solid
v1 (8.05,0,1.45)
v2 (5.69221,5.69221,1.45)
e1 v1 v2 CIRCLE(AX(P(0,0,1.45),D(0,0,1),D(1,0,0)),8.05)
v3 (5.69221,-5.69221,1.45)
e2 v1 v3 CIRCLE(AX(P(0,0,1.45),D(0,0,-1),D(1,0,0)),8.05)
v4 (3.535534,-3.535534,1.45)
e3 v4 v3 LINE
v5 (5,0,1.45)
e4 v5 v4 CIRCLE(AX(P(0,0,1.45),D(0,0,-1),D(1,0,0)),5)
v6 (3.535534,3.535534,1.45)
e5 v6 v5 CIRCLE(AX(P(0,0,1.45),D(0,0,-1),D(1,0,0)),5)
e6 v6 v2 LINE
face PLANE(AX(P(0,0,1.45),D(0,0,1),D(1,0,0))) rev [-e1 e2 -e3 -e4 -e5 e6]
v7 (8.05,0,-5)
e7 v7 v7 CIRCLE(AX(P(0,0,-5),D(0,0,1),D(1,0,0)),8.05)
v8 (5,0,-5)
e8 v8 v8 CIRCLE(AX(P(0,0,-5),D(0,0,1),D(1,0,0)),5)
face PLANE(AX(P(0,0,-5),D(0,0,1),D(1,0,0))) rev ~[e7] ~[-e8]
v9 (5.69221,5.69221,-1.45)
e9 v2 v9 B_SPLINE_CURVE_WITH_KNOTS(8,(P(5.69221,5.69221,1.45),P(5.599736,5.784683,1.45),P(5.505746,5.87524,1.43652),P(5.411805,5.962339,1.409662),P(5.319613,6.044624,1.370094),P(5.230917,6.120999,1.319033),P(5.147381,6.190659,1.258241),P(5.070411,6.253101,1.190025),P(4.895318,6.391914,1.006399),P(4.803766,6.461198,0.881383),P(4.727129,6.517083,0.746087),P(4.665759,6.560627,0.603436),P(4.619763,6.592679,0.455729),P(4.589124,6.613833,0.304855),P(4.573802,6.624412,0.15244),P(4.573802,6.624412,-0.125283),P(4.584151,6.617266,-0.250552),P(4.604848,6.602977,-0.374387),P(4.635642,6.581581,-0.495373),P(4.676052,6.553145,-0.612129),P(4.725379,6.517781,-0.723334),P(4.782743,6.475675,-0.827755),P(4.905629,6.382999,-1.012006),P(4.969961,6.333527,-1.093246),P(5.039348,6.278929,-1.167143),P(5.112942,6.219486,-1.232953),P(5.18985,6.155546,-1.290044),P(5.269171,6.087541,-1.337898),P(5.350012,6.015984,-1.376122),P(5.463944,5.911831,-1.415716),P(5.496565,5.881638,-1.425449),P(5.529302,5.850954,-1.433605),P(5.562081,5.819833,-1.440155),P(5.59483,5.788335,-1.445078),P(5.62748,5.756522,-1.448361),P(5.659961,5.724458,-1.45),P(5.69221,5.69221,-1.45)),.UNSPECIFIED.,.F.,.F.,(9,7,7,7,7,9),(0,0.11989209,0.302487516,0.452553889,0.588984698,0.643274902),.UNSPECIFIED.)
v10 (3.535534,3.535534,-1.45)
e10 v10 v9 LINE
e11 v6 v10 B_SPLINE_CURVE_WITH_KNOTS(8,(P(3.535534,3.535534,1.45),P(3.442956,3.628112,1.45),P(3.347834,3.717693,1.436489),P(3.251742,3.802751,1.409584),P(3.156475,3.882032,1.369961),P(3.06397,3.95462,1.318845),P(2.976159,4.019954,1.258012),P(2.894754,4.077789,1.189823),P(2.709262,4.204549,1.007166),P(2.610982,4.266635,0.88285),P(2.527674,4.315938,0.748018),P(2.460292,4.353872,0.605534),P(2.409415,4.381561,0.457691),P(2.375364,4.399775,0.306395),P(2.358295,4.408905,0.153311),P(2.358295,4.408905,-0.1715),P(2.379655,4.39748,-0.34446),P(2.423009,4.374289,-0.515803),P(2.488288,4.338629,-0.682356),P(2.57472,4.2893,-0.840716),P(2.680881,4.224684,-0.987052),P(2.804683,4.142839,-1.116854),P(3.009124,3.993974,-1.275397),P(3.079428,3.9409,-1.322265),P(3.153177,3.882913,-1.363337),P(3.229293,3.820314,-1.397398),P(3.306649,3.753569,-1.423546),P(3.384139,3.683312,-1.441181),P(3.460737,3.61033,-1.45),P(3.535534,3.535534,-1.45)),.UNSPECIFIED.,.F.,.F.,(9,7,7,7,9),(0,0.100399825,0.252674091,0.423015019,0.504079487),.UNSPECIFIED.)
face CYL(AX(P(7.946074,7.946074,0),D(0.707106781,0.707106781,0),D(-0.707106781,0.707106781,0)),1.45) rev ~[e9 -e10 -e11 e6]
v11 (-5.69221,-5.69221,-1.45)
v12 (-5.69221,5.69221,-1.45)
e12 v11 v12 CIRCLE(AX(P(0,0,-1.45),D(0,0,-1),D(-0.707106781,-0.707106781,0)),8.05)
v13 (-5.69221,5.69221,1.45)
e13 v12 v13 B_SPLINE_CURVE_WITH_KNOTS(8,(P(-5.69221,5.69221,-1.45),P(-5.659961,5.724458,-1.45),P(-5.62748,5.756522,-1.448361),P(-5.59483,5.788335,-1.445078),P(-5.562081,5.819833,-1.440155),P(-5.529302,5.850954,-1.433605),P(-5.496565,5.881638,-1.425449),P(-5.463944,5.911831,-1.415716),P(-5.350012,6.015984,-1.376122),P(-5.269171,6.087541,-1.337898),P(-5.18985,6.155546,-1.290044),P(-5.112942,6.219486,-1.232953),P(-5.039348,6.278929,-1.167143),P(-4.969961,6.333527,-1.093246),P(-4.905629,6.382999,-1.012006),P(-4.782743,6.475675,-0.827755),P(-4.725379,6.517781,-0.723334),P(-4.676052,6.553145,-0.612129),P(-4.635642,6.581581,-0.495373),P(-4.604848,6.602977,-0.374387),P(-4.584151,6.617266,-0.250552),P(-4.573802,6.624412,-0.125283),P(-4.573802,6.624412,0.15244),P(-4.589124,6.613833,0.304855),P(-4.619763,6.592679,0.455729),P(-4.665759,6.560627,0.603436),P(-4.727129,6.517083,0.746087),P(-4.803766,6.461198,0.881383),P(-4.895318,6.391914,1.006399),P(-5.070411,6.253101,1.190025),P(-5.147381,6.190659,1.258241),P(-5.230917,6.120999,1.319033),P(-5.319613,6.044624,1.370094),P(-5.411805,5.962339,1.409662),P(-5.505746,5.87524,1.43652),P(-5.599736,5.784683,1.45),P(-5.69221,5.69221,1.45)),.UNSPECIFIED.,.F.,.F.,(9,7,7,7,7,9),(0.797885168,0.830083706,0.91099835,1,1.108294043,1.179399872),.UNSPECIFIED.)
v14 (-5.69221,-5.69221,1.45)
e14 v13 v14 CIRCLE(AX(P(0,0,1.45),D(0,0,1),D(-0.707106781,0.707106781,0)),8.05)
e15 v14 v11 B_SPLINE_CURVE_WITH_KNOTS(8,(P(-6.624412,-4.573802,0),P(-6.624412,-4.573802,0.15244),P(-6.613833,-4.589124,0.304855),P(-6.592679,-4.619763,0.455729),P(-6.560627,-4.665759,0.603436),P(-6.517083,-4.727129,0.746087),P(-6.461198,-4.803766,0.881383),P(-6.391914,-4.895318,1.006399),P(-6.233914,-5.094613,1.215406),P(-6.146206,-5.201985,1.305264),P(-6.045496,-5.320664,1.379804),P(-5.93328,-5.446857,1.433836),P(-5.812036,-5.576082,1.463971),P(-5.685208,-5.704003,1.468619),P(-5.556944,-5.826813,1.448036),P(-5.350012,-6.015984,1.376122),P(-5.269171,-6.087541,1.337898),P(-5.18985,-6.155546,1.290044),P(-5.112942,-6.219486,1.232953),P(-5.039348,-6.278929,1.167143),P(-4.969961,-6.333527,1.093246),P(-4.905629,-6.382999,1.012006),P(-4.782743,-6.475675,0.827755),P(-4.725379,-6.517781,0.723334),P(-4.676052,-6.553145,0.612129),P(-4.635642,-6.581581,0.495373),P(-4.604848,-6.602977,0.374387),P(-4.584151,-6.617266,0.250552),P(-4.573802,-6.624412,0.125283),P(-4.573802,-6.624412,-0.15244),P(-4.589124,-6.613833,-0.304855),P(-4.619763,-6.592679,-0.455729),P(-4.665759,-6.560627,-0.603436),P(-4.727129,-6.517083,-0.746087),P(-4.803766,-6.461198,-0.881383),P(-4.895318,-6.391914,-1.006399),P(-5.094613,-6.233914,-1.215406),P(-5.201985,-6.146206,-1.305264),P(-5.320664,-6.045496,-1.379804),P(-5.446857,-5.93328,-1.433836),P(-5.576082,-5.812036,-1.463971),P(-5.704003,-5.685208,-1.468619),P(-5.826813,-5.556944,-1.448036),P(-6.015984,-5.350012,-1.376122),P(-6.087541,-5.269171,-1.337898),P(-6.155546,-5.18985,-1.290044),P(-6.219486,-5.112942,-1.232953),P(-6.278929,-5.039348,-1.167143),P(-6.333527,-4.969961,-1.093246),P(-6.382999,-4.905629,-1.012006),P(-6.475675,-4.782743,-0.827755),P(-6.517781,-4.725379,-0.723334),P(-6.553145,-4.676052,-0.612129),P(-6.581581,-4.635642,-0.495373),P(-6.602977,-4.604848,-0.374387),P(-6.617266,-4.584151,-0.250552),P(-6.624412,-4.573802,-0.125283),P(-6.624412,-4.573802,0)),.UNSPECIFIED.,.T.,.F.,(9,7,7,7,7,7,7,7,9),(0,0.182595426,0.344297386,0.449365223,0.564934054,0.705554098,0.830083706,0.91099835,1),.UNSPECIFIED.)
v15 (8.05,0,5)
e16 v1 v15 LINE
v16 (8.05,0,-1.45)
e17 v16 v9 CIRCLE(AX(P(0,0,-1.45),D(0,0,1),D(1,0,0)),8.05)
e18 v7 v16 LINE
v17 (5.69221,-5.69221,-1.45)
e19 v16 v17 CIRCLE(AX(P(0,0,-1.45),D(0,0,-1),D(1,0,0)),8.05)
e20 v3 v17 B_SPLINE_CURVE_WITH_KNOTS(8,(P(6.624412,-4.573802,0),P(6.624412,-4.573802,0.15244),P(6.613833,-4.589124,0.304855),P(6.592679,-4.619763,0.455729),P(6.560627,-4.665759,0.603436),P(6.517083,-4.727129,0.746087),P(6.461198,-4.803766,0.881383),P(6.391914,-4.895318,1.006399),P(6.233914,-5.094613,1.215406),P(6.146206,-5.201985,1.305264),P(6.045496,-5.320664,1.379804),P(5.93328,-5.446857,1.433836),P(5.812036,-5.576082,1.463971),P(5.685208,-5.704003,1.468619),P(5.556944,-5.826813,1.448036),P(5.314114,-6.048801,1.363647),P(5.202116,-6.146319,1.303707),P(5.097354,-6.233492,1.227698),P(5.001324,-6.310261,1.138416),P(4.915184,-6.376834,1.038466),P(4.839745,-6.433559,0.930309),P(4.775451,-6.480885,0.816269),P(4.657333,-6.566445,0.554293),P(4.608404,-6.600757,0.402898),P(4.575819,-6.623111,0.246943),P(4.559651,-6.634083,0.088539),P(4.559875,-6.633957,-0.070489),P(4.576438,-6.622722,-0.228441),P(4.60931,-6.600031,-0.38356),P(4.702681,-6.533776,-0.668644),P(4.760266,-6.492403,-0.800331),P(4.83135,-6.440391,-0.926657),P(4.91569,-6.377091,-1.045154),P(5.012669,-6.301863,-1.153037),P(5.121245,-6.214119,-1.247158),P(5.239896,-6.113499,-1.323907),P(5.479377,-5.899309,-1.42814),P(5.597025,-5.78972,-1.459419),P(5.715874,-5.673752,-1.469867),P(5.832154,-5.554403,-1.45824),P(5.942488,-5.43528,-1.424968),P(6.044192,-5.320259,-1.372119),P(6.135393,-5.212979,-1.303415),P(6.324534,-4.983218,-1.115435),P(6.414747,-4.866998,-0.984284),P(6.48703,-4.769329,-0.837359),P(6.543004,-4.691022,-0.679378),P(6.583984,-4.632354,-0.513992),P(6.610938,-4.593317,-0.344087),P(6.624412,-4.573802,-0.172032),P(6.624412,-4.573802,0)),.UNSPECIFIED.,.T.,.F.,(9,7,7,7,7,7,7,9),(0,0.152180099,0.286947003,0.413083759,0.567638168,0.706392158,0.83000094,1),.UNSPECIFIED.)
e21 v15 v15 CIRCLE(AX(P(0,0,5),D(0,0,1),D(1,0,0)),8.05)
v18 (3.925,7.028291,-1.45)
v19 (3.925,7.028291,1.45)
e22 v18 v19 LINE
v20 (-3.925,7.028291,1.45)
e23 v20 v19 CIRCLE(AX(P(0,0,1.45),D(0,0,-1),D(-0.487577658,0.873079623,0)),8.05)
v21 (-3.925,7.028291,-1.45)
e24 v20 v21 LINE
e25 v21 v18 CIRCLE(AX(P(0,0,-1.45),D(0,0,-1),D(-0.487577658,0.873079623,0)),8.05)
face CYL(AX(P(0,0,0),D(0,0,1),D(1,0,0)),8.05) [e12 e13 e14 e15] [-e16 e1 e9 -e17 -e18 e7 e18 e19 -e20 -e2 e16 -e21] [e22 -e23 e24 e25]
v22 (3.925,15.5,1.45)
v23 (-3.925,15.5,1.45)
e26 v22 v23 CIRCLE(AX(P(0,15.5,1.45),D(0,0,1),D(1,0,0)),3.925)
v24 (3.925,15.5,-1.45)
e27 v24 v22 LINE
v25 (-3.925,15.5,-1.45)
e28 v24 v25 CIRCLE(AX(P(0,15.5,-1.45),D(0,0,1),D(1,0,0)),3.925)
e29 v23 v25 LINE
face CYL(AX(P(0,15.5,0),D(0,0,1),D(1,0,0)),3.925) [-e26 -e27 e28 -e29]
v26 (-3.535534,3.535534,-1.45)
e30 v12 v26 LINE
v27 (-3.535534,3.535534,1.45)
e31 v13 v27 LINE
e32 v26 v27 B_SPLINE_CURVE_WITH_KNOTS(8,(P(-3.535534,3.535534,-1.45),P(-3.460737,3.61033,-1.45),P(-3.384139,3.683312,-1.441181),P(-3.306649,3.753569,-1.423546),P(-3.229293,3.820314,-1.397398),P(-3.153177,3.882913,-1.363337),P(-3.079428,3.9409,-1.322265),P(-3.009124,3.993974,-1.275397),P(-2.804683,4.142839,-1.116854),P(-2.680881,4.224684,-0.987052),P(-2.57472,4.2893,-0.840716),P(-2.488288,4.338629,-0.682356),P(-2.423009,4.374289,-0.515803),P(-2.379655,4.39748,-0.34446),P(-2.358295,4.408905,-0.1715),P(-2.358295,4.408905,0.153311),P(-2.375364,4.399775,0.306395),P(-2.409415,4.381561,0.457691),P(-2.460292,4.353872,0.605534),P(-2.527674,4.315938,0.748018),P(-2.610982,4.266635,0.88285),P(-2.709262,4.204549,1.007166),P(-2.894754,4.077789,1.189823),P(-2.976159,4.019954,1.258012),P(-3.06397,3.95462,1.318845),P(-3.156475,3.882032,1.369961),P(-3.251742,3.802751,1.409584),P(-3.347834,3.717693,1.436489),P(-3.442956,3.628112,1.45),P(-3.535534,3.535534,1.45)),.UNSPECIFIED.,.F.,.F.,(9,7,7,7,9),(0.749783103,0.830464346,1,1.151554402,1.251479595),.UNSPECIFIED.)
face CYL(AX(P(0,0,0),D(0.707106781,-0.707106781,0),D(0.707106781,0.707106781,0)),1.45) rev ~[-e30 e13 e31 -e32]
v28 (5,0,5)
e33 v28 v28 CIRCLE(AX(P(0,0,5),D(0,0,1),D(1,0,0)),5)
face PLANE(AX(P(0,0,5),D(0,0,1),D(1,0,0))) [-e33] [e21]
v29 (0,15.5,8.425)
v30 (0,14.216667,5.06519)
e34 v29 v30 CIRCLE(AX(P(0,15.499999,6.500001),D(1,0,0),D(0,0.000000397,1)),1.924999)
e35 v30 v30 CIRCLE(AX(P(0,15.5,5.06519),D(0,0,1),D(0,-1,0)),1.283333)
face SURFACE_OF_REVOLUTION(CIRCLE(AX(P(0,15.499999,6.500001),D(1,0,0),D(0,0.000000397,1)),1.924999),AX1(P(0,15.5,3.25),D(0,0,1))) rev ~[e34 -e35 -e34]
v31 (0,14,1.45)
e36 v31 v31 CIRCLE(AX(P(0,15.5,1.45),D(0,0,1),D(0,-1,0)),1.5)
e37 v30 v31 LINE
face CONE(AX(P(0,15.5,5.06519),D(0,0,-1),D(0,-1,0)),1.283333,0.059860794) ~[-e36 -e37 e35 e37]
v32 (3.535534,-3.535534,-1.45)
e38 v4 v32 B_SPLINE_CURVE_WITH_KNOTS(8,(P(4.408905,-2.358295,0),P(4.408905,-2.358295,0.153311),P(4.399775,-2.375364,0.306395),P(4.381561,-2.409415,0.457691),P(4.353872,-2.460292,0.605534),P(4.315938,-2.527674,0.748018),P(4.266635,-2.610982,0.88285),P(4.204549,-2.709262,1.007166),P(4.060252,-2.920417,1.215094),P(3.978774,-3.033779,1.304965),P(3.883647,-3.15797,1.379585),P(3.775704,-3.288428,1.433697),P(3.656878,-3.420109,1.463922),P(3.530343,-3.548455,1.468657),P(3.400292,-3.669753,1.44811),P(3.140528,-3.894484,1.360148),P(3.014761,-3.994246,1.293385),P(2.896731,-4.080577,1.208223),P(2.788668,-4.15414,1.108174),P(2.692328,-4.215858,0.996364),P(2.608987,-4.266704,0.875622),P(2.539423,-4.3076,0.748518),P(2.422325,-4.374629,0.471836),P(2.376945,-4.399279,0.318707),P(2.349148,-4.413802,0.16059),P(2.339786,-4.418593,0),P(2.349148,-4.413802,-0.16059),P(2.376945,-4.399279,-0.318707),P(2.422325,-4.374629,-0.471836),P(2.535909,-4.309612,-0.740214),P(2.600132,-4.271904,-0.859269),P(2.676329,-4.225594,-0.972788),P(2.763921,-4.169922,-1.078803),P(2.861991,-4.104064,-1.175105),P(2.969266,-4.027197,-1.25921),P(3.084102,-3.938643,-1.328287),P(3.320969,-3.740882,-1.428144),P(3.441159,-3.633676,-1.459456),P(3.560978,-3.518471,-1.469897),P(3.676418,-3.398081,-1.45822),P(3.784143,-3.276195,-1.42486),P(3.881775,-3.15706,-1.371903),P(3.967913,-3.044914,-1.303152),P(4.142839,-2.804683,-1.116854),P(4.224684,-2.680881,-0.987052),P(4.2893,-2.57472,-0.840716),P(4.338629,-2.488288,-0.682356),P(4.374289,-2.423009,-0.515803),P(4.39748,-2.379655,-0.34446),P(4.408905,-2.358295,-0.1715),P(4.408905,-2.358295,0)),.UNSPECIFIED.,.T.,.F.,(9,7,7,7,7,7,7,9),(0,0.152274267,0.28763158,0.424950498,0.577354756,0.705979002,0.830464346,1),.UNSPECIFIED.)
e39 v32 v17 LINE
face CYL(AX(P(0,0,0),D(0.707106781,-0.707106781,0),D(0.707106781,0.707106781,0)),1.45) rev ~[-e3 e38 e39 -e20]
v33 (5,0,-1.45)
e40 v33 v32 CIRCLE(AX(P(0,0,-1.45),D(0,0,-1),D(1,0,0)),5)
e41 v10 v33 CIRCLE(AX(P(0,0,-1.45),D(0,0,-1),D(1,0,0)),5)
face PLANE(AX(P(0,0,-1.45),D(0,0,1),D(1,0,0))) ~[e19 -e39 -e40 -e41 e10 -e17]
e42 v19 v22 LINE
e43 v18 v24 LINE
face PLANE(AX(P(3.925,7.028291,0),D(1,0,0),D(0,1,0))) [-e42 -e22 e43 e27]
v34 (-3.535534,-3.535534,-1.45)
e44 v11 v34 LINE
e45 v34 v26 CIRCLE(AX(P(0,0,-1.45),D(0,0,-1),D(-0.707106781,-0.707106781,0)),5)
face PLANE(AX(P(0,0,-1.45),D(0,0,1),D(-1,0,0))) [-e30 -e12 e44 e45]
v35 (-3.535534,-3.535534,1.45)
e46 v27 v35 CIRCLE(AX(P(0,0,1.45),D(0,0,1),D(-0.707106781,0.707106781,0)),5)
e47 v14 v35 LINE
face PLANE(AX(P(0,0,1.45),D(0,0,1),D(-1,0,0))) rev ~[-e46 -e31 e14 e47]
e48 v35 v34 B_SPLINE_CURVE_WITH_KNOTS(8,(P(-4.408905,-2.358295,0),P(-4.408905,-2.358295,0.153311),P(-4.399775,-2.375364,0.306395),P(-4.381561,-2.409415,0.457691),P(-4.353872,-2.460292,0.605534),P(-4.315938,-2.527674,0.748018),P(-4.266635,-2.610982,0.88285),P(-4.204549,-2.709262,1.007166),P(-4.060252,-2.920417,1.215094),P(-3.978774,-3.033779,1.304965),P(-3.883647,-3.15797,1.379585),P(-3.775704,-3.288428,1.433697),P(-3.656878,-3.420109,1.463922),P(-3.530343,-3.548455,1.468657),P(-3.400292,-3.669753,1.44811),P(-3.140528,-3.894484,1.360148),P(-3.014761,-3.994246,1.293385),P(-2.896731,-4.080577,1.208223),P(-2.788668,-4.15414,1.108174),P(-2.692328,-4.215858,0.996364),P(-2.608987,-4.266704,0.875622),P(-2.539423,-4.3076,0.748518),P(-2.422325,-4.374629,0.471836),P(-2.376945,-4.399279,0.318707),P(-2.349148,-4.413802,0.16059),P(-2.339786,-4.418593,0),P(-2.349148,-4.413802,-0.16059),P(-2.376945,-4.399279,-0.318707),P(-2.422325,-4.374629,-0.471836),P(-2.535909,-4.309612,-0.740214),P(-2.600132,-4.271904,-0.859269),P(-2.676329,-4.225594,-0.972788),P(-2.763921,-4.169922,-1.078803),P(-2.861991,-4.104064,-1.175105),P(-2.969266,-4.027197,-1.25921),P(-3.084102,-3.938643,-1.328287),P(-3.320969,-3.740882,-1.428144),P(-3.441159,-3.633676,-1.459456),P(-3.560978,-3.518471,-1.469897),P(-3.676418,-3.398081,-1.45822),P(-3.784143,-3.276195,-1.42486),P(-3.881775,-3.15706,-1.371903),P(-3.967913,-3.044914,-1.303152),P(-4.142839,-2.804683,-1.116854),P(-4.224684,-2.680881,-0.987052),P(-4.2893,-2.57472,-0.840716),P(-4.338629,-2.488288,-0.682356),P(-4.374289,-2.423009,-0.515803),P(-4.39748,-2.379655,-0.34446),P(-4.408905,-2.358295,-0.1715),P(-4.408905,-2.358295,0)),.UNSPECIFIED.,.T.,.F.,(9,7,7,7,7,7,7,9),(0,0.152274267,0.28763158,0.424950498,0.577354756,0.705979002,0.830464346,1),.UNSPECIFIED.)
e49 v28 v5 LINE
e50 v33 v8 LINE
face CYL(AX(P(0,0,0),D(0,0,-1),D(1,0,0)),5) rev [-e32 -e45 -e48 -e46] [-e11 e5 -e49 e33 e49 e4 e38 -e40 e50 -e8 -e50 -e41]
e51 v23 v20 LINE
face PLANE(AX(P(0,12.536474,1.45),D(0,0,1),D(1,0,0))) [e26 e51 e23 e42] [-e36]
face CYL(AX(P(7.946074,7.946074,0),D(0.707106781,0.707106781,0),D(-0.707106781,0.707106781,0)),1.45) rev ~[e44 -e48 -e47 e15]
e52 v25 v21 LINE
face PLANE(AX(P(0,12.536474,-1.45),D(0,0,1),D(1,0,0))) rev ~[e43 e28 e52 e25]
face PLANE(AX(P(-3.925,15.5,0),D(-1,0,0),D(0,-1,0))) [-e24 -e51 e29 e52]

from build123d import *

# Parameters (mm, degrees)
F1_DEPTH  = 1.45
F2_R      = 8.05
F2_R_2    = 5
F3_DEPTH  = 5
F4_W      = 3.1
F4_H      = 2.9
F6_ANGLE  = -90
F11_R     = 1.45
F12_DEPTH = 25
F14_R     = 1.45
F15_DEPTH = 12.5


with BuildPart() as f1:
    # F0 (on Top) → F1 (new body, symmetric)
    with BuildSketch(Plane.XY):
        with BuildLine():
            ThreePointArc((-3.925, 7.028291), (0, 8.05), (3.925, 7.028291))
            Line((3.925, 7.028291), (3.925, 15.5))
            ThreePointArc((3.925, 15.5), (0, 19.425), (-3.925, 15.5))
            Line((-3.925, 15.5), (-3.925, 7.028291))
        make_face()
    extrude(amount=F1_DEPTH, both=True)

    # F2 (on Top) → F3 (join, symmetric)
    with BuildSketch(Plane.XY):
        Circle(F2_R)
        Circle(F2_R_2, mode=Mode.SUBTRACT)
    extrude(amount=F3_DEPTH, both=True)

    # F4 (on Front) → F6 (revolve, symmetric, cut)
    with BuildSketch(Plane.XZ) as f6_sk:
        with Locations((-6.5, 0)):
            Rectangle(F4_W, F4_H)
        with Locations((6.5, 0)):
            Rectangle(F4_W, F4_H)
    revolve(axis=Axis((0, 0, 0.165465), (0, 0, 1)), revolution_arc=F6_ANGLE / 2, mode=Mode.SUBTRACT)
    revolve(f6_sk.sketch, axis=Axis((0, 0, 0.165465), (0, 0, -1)), revolution_arc=F6_ANGLE / 2, mode=Mode.SUBTRACT)

    # F7 (on Right) → F8 (revolve)
    with BuildSketch(Plane.YZ):
        with BuildLine():
            Line((14, 1.45), (15.5, 1.45))
            Line((15.5, 1.45), (15.5, 6.5))
            Line((15.5, 6.5), (15.5, 8.425))
            ThreePointArc((15.5, 8.425), (13.701718, 7.186883), (14.216667, 5.06519))
            Line((14.216667, 5.06519), (14, 1.45))
        make_face()
    revolve(axis=Axis((0, 15.5, 3.25), (0, 0, 1)))

    # F11 (on face) → F12 (cut)
    with BuildSketch(Plane(origin=(7.946074, 7.946074, 0), x_dir=(-0.707107, 0.707107, 0), z_dir=(0.707107, 0.707107, 0))):
        Circle(F11_R)
    extrude(amount=-F12_DEPTH, mode=Mode.SUBTRACT)

    # F14 (on face) → F15 (cut, symmetric)
    with BuildSketch(Plane(origin=(0, 0, 0), x_dir=(0.707107, 0.707107, 0), z_dir=(0.707107, -0.707107, 0))):
        Circle(F14_R)
    extrude(amount=F15_DEPTH, both=True, mode=Mode.SUBTRACT)


solid = f1.part
